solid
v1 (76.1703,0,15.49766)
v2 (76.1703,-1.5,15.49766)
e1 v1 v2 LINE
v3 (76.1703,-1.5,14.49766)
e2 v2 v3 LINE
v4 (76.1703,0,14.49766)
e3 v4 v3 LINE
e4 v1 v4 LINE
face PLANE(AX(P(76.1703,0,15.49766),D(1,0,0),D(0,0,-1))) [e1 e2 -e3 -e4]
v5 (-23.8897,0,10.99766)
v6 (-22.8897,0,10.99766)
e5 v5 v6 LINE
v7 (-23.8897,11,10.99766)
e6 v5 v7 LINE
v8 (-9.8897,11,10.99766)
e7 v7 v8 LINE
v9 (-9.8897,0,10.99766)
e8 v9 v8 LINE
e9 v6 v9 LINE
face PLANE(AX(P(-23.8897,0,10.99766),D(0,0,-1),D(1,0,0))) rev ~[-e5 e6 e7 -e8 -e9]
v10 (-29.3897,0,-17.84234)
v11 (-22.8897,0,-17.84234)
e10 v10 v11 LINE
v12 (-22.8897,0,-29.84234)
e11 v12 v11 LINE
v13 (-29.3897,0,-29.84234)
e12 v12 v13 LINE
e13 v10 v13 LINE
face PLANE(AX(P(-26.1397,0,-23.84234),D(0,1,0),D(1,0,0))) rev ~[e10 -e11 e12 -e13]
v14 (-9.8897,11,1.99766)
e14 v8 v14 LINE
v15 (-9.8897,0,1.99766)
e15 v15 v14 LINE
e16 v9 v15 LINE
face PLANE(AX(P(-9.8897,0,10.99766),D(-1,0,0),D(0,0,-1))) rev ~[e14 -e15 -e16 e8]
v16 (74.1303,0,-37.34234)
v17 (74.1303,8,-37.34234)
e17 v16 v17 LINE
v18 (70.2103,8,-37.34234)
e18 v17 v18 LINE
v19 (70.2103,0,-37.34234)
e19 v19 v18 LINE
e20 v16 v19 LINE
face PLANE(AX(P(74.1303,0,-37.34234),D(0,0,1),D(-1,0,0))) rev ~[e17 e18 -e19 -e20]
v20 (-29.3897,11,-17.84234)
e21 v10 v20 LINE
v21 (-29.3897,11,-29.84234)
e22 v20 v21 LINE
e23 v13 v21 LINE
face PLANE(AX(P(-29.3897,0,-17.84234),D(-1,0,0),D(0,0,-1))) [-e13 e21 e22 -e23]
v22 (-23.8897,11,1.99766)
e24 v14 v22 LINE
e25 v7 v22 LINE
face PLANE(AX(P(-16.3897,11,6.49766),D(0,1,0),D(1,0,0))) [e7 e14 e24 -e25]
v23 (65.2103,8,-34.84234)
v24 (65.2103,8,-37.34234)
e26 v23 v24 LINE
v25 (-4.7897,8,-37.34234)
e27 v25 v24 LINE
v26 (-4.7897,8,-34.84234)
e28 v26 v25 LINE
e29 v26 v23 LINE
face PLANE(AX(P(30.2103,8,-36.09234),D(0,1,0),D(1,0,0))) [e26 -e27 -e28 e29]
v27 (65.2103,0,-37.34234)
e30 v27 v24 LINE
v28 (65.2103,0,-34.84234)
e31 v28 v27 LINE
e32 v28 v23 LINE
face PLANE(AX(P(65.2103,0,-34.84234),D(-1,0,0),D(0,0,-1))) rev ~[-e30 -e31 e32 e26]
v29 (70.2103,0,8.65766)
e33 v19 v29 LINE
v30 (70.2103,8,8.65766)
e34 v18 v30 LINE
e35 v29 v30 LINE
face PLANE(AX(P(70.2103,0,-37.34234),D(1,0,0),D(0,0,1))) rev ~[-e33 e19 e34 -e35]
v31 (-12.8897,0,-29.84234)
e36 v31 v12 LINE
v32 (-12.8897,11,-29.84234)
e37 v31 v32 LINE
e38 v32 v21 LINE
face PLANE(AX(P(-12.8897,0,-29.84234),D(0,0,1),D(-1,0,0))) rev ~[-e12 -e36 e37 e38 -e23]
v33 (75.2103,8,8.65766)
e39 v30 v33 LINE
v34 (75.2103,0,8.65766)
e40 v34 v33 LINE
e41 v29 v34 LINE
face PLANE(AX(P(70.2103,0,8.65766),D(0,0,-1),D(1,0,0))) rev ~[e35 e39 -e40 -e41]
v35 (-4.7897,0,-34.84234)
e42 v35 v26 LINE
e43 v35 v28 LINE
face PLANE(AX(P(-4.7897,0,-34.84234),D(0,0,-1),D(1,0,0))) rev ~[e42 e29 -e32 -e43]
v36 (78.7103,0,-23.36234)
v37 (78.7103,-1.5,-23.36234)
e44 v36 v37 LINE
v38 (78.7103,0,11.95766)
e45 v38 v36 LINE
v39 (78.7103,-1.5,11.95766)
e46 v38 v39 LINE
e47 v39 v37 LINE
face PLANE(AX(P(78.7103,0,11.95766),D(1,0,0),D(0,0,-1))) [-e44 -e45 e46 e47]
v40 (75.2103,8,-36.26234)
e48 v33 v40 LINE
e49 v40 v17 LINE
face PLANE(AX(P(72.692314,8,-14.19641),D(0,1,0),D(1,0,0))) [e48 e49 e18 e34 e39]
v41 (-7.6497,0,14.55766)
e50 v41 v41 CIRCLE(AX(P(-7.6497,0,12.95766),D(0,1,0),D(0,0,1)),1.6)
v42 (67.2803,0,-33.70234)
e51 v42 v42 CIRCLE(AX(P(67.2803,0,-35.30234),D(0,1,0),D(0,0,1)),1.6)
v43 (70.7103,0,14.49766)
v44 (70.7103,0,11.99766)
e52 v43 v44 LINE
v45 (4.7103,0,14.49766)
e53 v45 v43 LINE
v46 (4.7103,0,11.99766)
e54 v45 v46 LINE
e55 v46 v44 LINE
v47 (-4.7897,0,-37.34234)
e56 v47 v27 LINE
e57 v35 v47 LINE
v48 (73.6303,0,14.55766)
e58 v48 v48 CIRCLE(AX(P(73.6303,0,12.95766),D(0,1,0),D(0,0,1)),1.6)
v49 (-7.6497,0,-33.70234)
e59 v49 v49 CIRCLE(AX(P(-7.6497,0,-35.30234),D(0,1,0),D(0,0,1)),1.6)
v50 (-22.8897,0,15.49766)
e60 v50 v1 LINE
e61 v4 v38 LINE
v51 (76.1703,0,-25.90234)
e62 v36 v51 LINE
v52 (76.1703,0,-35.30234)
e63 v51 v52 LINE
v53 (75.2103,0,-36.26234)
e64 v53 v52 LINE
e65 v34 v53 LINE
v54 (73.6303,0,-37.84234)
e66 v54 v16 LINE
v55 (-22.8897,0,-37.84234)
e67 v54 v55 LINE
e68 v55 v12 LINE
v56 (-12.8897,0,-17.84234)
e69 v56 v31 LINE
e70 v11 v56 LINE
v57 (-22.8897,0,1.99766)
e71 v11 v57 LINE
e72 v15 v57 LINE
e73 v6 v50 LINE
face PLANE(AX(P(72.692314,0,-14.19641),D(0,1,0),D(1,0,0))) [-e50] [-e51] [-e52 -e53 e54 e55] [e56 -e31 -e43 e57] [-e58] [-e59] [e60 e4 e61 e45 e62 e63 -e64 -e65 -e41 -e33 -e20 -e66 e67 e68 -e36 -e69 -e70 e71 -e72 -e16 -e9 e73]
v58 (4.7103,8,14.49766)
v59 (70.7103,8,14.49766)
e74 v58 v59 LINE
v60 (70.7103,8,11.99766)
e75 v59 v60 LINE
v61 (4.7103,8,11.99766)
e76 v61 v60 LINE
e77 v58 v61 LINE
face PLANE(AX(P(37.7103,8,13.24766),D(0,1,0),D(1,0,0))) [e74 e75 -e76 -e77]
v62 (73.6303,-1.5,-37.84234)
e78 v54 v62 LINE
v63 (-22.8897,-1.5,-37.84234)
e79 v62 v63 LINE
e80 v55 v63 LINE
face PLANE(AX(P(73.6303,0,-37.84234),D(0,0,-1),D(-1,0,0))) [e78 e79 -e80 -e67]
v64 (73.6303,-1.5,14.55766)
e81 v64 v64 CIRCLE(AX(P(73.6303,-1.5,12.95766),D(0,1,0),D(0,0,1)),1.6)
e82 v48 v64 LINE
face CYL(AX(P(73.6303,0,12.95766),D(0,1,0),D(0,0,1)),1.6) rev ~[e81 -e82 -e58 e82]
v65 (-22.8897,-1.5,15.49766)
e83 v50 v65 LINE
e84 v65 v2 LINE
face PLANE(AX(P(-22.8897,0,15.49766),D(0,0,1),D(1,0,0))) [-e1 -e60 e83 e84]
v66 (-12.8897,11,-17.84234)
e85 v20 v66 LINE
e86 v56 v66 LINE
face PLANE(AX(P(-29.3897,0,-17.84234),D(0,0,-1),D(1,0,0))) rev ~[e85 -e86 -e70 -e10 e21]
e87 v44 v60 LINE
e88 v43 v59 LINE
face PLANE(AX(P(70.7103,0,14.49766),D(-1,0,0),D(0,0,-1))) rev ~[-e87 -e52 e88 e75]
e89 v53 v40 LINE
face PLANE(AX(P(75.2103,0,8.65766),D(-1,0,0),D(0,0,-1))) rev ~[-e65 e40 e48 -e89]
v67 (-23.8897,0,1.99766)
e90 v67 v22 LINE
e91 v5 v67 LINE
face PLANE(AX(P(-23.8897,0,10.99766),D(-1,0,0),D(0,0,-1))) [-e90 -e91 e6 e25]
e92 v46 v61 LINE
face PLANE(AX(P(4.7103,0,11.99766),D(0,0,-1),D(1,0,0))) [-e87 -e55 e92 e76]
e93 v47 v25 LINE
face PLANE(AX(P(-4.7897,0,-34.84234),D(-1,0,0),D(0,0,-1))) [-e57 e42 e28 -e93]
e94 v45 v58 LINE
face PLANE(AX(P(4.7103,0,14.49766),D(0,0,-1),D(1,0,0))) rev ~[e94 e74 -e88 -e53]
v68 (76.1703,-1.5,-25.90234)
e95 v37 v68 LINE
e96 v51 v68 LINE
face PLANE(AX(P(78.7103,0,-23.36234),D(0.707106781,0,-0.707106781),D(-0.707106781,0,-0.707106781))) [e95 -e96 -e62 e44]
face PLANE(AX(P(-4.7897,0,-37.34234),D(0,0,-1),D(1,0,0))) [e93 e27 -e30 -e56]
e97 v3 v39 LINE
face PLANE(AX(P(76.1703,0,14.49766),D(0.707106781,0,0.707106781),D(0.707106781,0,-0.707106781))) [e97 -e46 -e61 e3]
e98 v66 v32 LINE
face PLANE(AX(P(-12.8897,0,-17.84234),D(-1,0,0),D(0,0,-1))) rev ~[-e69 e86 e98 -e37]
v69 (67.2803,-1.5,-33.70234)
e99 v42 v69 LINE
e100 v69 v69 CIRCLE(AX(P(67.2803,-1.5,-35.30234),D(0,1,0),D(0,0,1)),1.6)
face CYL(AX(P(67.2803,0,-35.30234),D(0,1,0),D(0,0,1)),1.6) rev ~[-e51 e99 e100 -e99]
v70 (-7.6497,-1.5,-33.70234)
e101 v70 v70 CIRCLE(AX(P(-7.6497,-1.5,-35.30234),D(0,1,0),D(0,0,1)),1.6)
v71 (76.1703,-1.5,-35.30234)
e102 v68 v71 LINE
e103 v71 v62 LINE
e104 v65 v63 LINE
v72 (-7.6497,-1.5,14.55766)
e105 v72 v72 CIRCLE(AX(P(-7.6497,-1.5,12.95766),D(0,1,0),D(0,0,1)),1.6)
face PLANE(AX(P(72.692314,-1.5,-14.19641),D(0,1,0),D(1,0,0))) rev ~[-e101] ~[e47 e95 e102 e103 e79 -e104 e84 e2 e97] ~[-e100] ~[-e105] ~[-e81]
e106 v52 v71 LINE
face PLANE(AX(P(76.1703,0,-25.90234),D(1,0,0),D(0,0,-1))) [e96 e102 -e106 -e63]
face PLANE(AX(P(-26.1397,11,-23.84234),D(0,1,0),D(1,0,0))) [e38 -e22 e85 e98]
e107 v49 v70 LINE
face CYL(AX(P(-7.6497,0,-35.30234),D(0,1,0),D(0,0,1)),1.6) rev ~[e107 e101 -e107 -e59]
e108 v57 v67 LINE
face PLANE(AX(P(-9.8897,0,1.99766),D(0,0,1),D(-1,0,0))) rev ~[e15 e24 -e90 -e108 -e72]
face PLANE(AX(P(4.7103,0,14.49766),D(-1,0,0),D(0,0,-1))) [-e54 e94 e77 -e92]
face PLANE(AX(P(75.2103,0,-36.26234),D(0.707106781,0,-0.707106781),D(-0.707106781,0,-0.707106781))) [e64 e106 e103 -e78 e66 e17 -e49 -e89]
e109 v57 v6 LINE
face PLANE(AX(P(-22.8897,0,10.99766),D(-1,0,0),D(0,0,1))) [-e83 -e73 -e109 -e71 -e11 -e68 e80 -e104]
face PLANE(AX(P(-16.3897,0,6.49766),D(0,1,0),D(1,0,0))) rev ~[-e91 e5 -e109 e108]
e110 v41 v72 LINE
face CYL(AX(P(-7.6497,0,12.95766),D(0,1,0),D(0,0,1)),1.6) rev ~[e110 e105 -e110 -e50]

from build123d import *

# Parameters (mm, degrees)
SKETCH_1_R      = 1.6
EXTRUDE_1_DEPTH = 1.5
SKETCH_1_3_W    = 70
SKETCH_1_3_H    = 2.5
SKETCH_1_3_W_2  = 66
EXTRUDE_2_DEPTH = 8
SKETCH_1_4_W    = 16.5
SKETCH_1_4_H    = 12
EXTRUDE_3_DEPTH = 11
SKETCH_1_5_W    = 14
SKETCH_1_5_H    = 9
EXTRUDE_4_DEPTH = 11


with BuildPart() as part:
    # Эскиз1 → Бобышка-Вытянуть1 (new body)
    with BuildSketch(Plane(origin=(0, 0, 0), x_dir=(1, 0, 0), z_dir=(0, 1, 0))):
        Polygon((-22.889699569, -15.497660222), (76.170300431, -15.497660222), (76.170300431, -14.497660222), (78.710300431, -11.957660222), (78.710300431, 23.362339778), (76.170300431, 25.902339778), (76.170300431, 35.302339778), (73.630300431, 37.842339778), (-22.889699569, 37.842339778), align=None)
        with Locations((-7.649699569, -12.957660222)):
            Circle(SKETCH_1_R, mode=Mode.SUBTRACT)
        with Locations((73.630300431, -12.957660222)):
            Circle(SKETCH_1_R, mode=Mode.SUBTRACT)
        with Locations((-7.649699569, 35.302339778)):
            Circle(SKETCH_1_R, mode=Mode.SUBTRACT)
        with Locations((67.280300431, 35.302339778)):
            Circle(SKETCH_1_R, mode=Mode.SUBTRACT)
    extrude(amount=-EXTRUDE_1_DEPTH)

    # Эскиз1<3> → Бобышка-Вытянуть2 (add)
    with BuildSketch(Plane(origin=(0, 0, 0), x_dir=(1, 0, 0), z_dir=(0, 1, 0))):
        Polygon((75.210300431, 36.262339778), (74.130300431, 37.342339778), (70.210300431, 37.342339778), (70.210300431, -8.657660222), (75.210300431, -8.657660222), align=None)
        with Locations((30.210300431, 36.092339778)):
            Rectangle(SKETCH_1_3_W, SKETCH_1_3_H)
        with Locations((37.710300431, -13.247660222)):
            Rectangle(SKETCH_1_3_W_2, SKETCH_1_3_H)
    extrude(amount=EXTRUDE_2_DEPTH)

    # Эскиз1<4> → Бобышка-Вытянуть3 (add)
    with BuildSketch(Plane(origin=(0, 0, 0), x_dir=(1, 0, 0), z_dir=(0, 1, 0))):
        with Locations((-21.139699569, 23.842339778)):
            Rectangle(SKETCH_1_4_W, SKETCH_1_4_H)
    extrude(amount=EXTRUDE_3_DEPTH)

    # Эскиз1<5> → Бобышка-Вытянуть4 (add)
    with BuildSketch(Plane(origin=(0, 0, 0), x_dir=(1, 0, 0), z_dir=(0, 1, 0))):
        with Locations((-16.889699569, -6.497660222)):
            Rectangle(SKETCH_1_5_W, SKETCH_1_5_H)
    extrude(amount=EXTRUDE_4_DEPTH)


solid = part.part
